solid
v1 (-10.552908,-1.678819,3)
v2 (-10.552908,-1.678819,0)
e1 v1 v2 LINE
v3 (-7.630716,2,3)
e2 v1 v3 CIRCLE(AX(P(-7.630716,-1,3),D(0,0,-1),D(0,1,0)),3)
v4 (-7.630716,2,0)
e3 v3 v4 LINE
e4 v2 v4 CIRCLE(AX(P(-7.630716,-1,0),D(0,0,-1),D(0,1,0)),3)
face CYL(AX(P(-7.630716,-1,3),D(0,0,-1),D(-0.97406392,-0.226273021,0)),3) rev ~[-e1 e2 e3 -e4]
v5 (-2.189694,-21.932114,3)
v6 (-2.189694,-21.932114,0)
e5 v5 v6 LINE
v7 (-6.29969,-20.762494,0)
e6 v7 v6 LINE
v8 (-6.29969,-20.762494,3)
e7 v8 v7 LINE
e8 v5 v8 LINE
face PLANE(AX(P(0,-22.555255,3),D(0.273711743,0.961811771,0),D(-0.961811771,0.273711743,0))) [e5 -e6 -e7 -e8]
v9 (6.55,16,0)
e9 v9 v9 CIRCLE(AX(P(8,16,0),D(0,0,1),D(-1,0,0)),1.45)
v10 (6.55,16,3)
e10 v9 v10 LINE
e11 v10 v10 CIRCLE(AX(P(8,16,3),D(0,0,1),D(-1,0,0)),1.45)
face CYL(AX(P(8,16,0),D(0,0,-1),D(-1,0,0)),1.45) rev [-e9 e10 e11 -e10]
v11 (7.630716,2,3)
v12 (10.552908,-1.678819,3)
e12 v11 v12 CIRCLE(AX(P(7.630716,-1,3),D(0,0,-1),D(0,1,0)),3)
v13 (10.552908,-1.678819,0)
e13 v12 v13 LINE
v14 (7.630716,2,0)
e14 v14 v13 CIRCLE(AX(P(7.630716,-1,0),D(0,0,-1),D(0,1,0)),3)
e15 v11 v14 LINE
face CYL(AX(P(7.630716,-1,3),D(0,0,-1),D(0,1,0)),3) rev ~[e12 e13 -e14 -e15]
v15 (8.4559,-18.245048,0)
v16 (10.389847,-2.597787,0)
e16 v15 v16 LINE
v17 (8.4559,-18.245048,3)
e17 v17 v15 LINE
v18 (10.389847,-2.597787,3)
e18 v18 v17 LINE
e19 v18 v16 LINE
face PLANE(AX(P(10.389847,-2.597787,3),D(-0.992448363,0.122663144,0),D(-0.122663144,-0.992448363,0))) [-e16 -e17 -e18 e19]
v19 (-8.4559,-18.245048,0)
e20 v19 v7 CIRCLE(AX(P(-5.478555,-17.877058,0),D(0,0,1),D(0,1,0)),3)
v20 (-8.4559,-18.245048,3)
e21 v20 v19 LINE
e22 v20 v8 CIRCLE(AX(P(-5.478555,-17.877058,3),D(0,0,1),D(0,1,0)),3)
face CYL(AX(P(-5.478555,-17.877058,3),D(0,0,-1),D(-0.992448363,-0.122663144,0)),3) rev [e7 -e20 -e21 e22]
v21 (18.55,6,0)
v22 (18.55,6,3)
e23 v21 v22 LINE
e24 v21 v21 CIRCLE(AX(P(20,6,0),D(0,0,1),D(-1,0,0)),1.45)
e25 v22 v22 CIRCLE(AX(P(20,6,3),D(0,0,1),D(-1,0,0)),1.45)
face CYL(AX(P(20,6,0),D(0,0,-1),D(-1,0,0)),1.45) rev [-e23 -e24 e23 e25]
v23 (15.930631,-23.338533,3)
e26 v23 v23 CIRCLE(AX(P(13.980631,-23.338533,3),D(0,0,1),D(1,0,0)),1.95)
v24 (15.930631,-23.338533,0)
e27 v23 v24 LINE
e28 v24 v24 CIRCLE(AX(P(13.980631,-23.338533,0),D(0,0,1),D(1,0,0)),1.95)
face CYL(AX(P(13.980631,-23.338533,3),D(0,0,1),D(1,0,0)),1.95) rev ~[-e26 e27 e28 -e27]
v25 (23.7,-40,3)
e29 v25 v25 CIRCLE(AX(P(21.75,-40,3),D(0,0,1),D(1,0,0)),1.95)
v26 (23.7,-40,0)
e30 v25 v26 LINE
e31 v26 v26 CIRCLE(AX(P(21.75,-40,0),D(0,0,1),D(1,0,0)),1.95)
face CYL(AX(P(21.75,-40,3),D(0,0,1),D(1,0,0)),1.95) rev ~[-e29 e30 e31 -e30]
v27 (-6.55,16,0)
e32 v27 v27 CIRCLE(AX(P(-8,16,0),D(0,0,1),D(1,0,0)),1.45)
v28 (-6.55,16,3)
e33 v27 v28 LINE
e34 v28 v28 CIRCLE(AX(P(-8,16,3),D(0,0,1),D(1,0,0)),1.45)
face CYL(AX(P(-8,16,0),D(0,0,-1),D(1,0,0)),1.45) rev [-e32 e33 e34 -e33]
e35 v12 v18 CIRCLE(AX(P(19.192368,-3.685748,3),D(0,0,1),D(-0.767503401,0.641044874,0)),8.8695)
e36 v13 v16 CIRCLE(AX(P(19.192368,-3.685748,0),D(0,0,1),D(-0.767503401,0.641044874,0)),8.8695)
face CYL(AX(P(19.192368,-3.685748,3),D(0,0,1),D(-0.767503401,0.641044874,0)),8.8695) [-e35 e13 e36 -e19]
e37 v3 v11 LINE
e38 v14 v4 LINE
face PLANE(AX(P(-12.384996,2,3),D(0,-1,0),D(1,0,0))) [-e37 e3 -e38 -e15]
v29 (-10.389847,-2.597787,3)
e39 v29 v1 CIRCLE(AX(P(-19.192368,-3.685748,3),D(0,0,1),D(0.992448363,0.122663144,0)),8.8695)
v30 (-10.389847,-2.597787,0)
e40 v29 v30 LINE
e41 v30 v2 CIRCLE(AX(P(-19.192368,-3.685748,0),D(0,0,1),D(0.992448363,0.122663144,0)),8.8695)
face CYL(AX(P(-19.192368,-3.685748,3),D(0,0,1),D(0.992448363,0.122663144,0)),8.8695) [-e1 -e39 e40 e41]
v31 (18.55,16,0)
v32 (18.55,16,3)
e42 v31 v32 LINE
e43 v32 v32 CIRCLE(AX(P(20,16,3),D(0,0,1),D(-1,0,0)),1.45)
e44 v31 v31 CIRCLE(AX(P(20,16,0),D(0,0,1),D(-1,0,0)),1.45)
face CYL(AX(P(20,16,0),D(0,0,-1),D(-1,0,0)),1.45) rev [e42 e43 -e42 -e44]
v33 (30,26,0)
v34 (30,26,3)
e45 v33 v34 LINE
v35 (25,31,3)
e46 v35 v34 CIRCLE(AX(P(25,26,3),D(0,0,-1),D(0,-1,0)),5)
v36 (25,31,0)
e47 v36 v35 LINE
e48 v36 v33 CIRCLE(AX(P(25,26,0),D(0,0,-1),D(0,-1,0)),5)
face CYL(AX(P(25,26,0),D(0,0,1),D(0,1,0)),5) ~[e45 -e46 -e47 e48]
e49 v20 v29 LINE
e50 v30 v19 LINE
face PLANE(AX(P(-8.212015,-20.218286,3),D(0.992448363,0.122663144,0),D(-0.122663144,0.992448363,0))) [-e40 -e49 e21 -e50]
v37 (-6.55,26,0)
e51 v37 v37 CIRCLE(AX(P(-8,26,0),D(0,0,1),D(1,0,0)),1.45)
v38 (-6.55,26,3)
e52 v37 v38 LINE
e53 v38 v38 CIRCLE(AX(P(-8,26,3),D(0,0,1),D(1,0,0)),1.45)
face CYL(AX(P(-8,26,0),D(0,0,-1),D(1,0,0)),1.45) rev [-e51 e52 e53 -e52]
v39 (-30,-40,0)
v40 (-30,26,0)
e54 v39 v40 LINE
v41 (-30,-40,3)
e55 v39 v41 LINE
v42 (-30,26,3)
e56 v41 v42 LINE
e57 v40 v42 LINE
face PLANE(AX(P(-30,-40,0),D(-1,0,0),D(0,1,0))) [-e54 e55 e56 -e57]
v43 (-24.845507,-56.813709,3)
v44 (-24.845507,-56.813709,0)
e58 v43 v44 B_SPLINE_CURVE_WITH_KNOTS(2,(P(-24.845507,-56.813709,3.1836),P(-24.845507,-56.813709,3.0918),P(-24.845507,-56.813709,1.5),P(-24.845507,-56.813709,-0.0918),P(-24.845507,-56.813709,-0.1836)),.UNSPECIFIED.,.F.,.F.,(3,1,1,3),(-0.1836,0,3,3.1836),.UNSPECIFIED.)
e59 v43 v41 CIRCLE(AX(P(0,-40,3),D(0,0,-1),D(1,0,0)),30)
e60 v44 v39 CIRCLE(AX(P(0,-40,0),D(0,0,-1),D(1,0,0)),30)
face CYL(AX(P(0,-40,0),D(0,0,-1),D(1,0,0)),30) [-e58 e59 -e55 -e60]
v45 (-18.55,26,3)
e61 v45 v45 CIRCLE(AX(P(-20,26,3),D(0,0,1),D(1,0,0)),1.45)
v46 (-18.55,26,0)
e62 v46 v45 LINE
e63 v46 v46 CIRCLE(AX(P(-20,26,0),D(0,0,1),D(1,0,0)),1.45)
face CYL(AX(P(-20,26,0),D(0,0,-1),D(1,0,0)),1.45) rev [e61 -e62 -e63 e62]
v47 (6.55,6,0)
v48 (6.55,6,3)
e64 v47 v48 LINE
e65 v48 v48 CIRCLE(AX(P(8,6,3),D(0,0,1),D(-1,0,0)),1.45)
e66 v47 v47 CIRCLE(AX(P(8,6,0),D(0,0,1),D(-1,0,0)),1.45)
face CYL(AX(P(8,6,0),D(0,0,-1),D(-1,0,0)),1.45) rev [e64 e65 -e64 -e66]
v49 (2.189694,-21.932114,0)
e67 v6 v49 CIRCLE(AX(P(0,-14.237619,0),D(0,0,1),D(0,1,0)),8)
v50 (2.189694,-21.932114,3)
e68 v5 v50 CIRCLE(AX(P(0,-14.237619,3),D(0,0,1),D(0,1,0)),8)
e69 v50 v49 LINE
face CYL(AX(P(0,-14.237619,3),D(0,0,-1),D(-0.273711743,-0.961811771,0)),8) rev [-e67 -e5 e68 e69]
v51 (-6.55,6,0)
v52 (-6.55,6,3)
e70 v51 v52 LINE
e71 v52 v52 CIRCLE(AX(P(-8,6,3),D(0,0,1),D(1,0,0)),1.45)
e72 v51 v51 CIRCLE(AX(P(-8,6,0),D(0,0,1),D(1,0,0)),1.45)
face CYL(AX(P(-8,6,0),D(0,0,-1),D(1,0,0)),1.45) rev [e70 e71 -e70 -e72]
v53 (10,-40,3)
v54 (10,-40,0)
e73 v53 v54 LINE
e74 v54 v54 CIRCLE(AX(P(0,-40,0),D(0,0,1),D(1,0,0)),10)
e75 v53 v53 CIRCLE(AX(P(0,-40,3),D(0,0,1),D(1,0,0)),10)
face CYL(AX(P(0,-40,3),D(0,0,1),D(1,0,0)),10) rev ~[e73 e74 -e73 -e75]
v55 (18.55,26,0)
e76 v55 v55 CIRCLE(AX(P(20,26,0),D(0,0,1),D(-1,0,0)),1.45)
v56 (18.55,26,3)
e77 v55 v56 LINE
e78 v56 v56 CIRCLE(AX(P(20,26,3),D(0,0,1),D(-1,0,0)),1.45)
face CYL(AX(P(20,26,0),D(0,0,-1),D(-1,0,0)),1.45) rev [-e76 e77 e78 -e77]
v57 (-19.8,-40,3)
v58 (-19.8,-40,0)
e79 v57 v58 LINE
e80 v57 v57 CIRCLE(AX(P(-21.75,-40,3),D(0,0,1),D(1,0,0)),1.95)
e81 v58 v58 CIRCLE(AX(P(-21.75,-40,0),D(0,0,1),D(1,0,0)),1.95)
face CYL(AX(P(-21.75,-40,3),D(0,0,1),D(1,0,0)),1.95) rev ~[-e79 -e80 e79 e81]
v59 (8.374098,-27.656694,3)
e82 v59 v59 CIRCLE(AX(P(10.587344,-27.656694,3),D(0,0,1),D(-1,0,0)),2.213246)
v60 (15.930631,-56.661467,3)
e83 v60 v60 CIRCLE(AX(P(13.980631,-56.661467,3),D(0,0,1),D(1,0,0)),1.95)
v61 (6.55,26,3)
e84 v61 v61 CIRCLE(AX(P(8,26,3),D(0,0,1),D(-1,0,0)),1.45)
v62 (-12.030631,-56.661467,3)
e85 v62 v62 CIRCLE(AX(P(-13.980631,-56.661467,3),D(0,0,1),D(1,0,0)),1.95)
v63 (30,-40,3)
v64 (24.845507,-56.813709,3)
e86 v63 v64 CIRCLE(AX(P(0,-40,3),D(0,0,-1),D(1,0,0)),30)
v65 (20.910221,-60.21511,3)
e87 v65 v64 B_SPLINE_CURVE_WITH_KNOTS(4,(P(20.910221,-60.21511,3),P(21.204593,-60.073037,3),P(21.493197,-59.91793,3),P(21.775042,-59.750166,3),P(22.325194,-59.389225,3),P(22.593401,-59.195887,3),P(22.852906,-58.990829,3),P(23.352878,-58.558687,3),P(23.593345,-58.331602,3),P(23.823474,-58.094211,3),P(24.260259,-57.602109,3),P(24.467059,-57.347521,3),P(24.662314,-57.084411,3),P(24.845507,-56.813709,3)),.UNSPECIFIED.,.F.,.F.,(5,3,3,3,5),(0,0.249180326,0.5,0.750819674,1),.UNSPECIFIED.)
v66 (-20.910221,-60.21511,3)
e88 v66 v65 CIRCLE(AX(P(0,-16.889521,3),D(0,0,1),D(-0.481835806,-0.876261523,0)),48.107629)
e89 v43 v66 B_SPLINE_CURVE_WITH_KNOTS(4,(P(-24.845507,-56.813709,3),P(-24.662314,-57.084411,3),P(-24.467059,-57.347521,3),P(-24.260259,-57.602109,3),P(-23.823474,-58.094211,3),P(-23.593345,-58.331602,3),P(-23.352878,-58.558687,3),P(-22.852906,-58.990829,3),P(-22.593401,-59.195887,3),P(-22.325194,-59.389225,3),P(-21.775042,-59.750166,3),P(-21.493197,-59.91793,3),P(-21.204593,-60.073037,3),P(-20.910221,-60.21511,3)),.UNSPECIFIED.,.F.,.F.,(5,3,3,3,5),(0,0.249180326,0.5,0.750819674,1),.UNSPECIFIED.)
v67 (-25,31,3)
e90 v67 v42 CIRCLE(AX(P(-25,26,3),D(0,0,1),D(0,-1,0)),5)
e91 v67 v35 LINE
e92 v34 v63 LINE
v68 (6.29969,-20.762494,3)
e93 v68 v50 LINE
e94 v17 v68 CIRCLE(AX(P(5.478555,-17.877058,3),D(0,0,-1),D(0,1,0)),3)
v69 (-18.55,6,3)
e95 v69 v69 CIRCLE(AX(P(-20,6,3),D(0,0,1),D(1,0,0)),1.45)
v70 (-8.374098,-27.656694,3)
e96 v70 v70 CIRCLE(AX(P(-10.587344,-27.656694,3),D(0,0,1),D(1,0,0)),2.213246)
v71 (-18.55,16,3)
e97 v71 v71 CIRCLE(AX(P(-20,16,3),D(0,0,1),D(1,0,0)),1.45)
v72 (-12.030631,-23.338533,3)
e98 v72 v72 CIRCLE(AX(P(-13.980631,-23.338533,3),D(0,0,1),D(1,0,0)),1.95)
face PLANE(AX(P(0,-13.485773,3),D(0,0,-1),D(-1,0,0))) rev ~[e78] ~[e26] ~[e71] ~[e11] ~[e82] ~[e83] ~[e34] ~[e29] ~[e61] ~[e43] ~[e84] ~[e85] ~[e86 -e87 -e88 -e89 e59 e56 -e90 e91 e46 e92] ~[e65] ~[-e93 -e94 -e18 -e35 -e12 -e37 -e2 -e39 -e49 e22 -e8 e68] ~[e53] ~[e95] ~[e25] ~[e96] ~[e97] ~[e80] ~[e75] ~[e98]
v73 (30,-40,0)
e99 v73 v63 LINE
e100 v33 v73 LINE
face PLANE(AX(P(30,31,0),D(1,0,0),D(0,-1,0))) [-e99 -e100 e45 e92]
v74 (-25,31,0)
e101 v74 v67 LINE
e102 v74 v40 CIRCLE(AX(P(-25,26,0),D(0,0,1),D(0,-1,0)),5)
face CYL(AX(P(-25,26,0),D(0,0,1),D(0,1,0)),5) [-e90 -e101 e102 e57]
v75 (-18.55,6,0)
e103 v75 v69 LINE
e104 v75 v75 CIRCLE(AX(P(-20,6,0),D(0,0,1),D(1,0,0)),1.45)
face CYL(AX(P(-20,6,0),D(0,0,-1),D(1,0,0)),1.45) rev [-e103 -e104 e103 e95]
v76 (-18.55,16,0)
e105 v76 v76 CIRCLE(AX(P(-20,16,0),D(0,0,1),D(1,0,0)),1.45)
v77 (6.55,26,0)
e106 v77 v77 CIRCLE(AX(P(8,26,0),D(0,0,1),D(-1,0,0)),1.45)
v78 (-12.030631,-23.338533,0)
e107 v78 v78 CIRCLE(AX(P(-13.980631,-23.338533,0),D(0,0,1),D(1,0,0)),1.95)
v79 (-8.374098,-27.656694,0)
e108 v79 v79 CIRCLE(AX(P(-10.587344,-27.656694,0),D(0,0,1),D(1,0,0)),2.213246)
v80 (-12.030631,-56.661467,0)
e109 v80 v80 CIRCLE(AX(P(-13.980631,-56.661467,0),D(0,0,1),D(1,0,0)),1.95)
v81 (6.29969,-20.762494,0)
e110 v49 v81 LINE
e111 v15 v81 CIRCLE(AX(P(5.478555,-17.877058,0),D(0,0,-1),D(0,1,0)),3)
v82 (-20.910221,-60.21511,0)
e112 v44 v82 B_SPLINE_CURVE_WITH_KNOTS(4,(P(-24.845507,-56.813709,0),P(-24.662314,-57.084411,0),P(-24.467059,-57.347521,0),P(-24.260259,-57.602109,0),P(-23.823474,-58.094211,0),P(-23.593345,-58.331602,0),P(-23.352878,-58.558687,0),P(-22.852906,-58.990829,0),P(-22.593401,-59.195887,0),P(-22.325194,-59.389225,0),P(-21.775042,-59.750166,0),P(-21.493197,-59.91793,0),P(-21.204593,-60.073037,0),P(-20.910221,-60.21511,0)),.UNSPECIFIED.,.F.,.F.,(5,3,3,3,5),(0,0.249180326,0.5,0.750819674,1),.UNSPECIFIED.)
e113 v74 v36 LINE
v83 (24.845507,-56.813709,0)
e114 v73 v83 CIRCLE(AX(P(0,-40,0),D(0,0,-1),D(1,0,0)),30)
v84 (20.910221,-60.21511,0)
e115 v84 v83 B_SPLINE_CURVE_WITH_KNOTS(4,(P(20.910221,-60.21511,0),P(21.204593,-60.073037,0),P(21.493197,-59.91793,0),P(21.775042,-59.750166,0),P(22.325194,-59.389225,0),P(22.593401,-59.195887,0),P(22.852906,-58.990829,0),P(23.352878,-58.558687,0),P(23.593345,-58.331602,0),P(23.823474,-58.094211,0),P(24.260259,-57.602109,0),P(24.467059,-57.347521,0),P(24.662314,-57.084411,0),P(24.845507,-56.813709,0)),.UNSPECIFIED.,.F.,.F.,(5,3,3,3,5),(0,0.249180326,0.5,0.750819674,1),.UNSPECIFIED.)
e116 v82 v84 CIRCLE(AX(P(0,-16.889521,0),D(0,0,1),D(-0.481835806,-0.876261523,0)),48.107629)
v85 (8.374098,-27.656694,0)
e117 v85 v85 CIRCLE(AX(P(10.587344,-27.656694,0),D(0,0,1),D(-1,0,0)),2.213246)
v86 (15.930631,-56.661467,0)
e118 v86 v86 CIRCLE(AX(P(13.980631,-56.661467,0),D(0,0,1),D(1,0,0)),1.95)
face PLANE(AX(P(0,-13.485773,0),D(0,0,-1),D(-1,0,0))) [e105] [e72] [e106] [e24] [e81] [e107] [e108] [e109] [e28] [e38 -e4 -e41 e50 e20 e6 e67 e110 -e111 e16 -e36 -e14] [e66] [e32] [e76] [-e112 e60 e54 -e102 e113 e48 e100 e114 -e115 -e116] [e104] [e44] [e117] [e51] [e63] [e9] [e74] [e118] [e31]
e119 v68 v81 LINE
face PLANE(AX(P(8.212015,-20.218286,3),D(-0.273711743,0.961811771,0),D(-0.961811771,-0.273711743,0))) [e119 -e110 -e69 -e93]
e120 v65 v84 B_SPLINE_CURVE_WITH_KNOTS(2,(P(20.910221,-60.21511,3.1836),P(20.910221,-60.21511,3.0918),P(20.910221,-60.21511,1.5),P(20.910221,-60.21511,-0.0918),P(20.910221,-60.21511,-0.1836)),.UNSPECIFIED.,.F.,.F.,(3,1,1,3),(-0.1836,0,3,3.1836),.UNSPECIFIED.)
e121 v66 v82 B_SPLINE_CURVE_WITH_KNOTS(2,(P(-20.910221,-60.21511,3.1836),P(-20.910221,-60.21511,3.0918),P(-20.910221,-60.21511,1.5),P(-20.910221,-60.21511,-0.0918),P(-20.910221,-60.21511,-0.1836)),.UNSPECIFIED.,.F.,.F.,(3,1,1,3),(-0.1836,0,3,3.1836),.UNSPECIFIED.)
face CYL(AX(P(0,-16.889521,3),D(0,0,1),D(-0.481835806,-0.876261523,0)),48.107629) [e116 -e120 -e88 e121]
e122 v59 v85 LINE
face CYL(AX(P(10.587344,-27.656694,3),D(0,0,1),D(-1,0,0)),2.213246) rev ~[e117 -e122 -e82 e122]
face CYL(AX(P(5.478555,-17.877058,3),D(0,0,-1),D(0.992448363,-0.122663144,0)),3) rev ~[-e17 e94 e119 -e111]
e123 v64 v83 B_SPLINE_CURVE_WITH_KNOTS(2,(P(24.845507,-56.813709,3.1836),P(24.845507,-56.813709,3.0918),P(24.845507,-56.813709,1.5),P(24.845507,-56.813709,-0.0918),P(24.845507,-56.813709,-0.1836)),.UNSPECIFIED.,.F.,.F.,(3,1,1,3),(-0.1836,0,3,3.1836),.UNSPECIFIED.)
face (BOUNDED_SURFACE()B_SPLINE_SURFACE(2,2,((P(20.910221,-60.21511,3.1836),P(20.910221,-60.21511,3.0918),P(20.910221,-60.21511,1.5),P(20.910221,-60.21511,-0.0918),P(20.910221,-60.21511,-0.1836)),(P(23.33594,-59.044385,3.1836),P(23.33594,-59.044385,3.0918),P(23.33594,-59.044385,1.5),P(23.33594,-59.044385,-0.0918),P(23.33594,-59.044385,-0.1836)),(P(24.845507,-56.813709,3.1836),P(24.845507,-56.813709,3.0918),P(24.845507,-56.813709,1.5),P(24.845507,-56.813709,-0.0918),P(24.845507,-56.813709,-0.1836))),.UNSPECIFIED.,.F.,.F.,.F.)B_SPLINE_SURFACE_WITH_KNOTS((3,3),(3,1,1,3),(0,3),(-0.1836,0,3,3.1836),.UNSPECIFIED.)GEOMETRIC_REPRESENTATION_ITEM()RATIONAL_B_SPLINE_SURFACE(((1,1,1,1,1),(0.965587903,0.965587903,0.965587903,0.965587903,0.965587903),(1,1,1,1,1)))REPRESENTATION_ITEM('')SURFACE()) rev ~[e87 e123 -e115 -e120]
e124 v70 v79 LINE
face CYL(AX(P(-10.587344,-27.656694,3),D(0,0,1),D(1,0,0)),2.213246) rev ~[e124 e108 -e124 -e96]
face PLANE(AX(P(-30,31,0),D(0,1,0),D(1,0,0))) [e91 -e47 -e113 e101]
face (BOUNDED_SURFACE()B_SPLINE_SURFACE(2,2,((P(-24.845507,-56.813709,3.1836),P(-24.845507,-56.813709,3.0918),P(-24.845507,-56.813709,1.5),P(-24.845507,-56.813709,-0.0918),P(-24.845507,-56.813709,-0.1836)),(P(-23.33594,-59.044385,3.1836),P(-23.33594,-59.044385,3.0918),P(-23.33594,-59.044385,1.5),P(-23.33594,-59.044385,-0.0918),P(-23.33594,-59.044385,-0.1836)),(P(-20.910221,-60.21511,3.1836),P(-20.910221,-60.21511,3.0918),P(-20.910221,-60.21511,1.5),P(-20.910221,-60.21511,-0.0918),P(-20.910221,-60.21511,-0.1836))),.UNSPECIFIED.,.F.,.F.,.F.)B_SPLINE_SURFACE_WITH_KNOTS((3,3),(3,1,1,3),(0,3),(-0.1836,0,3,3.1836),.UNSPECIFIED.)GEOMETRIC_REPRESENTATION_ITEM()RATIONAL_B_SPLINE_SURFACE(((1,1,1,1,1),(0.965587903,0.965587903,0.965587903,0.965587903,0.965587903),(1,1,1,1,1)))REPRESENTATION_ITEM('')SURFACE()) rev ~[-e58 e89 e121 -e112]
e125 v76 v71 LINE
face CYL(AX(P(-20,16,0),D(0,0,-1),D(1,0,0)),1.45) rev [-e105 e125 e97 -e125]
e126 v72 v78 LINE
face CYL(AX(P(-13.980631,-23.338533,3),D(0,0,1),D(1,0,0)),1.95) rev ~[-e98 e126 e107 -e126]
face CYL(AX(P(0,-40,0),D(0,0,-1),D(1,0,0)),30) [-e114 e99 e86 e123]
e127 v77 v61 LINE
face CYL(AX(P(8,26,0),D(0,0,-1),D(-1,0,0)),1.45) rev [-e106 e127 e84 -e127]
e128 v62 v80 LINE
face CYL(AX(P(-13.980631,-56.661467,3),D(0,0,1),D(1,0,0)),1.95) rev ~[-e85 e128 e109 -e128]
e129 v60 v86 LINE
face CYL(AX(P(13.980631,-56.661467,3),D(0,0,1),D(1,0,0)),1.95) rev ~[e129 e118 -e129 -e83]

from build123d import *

# Parameters (mm, degrees)
SKETCH_1_R          = 1.45
EXTRUDE_1_DEPTH     = 3
SKETCH_3_R          = 1.95
CUT_EXTRUDE_2_DEPTH = 77.216796049
FILLET_1_R          = 5
SKETCH_4_R          = 10
CUT_EXTRUDE_3_DEPTH = 77.216796049
SKETCH_5_R          = 2.213245743
CUT_EXTRUDE_4_DEPTH = 77.216796049
FILLET_2_R          = 10
FILLET_3_R          = 3
FILLET_4_R          = 8


with BuildPart() as part:
    # 草图1 → 凸台-拉伸1 (new body)
    with BuildSketch(Plane.XY):
        with BuildLine():
            Line((-30, 31), (30, 31))
            Line((30, 31), (30, -40))
            ThreePointArc((30, -40), (0, -70), (-30, -40))
            Line((-30, -40), (-30, 31))
        make_face()
        with Locations((-20, 26)):
            Circle(SKETCH_1_R, mode=Mode.SUBTRACT)
        with Locations((-20, 16)):
            Circle(SKETCH_1_R, mode=Mode.SUBTRACT)
        with Locations((-20, 6)):
            Circle(SKETCH_1_R, mode=Mode.SUBTRACT)
        with Locations((-8, 26)):
            Circle(SKETCH_1_R, mode=Mode.SUBTRACT)
        with Locations((-8, 16)):
            Circle(SKETCH_1_R, mode=Mode.SUBTRACT)
        with Locations((-8, 6)):
            Circle(SKETCH_1_R, mode=Mode.SUBTRACT)
        with Locations(Location((8, 6, 0), (0, 0, 180))):
            Circle(SKETCH_1_R, mode=Mode.SUBTRACT)
        with Locations(Location((8, 16, 0), (0, 0, 180))):
            Circle(SKETCH_1_R, mode=Mode.SUBTRACT)
        with Locations(Location((8, 26, 0), (0, 0, 180))):
            Circle(SKETCH_1_R, mode=Mode.SUBTRACT)
        with Locations(Location((20, 6, 0), (0, 0, 180))):
            Circle(SKETCH_1_R, mode=Mode.SUBTRACT)
        with Locations(Location((20, 16, 0), (0, 0, 180))):
            Circle(SKETCH_1_R, mode=Mode.SUBTRACT)
        with Locations(Location((20, 26, 0), (0, 0, 180))):
            Circle(SKETCH_1_R, mode=Mode.SUBTRACT)
    extrude(amount=EXTRUDE_1_DEPTH)

    # 草图3 → 切除-拉伸2 (cut, through all)
    with BuildSketch(Plane.XY.offset(3)):
        with Locations((-21.75, -40)):
            Circle(SKETCH_3_R)
        with Locations((-13.980630511, -23.338533362)):
            Circle(SKETCH_3_R)
        with Locations((-13.980630511, -56.661466638)):
            Circle(SKETCH_3_R)
        with Locations((21.75, -40)):
            Circle(SKETCH_3_R)
        with Locations((13.980630511, -23.338533362)):
            Circle(SKETCH_3_R)
        with Locations((13.980630511, -56.661466638)):
            Circle(SKETCH_3_R)
    extrude(amount=-CUT_EXTRUDE_2_DEPTH, mode=Mode.SUBTRACT)

    # 圆角1
    fillet_1_edges = [part.edges().sort_by_distance(p)[0] for p in [
        (-30, 31, 1.5),
        (30, 31, 1.5),
    ]]
    fillet(fillet_1_edges, radius=FILLET_1_R)

    # 草图4 → 切除-拉伸3 (cut, through all)
    with BuildSketch(Plane.XY.offset(3)):
        with Locations((0, -40)):
            Circle(SKETCH_4_R)
    extrude(amount=-CUT_EXTRUDE_3_DEPTH, mode=Mode.SUBTRACT)

    # 草图5 → 切除-拉伸4 (cut, through all)
    with BuildSketch(Plane.XY.offset(3)):
        with Locations((-10.587343504, -27.656694111)):
            Circle(SKETCH_5_R)
        with Locations(Location((10.587343504, -27.656694111, 0), (0, 0, 180))):
            Circle(SKETCH_5_R)
        with BuildLine():
            Line((0, -22.555255147), (-8.212014753, -20.218285546))
            Line((-8.212014753, -20.218285546), (-10.389846713, -2.597786896))
            ThreePointArc((-10.389846713, -2.597786896), (-11.055900559, -0.155034313), (-12.38499612, 2))
            Line((-12.38499612, 2), (12.38499612, 2))
            ThreePointArc((12.38499612, 2), (11.055900559, -0.155034313), (10.389846713, -2.597786896))
            Line((10.389846713, -2.597786896), (8.212014753, -20.218285546))
            Line((8.212014753, -20.218285546), (0, -22.555255147))
        make_face()
        with BuildLine():
            ThreePointArc((-23.179978152, -59.044385338), (0, -64.997150083), (23.179978152, -59.044385338))
            ThreePointArc((23.179978152, -59.044385338), (0, -70), (-23.179978152, -59.044385338))
        make_face()
    extrude(amount=-CUT_EXTRUDE_4_DEPTH, mode=Mode.SUBTRACT)

    # 圆角2
    fillet_2_edges = [part.edges().sort_by_distance(p)[0] for p in [
        (23.179978152, -59.044385338, 1.5),
        (-23.179978152, -59.044385338, 1.5),
    ]]
    fillet(fillet_2_edges, radius=FILLET_2_R)

    # 圆角3
    fillet_3_edges = [part.edges().sort_by_distance(p)[0] for p in [
        (8.212014753, -20.218285546, 1.5),
        (-8.212014753, -20.218285546, 1.5),
        (-12.38499612, 2, 1.5),
        (12.38499612, 2, 1.5),
    ]]
    fillet(fillet_3_edges, radius=FILLET_3_R)

    # 圆角4
    fillet_4_edges = [part.edges().sort_by_distance(p)[0] for p in [
        (0, -22.555255147, 1.5),
    ]]
    fillet(fillet_4_edges, radius=FILLET_4_R)


solid = part.part
